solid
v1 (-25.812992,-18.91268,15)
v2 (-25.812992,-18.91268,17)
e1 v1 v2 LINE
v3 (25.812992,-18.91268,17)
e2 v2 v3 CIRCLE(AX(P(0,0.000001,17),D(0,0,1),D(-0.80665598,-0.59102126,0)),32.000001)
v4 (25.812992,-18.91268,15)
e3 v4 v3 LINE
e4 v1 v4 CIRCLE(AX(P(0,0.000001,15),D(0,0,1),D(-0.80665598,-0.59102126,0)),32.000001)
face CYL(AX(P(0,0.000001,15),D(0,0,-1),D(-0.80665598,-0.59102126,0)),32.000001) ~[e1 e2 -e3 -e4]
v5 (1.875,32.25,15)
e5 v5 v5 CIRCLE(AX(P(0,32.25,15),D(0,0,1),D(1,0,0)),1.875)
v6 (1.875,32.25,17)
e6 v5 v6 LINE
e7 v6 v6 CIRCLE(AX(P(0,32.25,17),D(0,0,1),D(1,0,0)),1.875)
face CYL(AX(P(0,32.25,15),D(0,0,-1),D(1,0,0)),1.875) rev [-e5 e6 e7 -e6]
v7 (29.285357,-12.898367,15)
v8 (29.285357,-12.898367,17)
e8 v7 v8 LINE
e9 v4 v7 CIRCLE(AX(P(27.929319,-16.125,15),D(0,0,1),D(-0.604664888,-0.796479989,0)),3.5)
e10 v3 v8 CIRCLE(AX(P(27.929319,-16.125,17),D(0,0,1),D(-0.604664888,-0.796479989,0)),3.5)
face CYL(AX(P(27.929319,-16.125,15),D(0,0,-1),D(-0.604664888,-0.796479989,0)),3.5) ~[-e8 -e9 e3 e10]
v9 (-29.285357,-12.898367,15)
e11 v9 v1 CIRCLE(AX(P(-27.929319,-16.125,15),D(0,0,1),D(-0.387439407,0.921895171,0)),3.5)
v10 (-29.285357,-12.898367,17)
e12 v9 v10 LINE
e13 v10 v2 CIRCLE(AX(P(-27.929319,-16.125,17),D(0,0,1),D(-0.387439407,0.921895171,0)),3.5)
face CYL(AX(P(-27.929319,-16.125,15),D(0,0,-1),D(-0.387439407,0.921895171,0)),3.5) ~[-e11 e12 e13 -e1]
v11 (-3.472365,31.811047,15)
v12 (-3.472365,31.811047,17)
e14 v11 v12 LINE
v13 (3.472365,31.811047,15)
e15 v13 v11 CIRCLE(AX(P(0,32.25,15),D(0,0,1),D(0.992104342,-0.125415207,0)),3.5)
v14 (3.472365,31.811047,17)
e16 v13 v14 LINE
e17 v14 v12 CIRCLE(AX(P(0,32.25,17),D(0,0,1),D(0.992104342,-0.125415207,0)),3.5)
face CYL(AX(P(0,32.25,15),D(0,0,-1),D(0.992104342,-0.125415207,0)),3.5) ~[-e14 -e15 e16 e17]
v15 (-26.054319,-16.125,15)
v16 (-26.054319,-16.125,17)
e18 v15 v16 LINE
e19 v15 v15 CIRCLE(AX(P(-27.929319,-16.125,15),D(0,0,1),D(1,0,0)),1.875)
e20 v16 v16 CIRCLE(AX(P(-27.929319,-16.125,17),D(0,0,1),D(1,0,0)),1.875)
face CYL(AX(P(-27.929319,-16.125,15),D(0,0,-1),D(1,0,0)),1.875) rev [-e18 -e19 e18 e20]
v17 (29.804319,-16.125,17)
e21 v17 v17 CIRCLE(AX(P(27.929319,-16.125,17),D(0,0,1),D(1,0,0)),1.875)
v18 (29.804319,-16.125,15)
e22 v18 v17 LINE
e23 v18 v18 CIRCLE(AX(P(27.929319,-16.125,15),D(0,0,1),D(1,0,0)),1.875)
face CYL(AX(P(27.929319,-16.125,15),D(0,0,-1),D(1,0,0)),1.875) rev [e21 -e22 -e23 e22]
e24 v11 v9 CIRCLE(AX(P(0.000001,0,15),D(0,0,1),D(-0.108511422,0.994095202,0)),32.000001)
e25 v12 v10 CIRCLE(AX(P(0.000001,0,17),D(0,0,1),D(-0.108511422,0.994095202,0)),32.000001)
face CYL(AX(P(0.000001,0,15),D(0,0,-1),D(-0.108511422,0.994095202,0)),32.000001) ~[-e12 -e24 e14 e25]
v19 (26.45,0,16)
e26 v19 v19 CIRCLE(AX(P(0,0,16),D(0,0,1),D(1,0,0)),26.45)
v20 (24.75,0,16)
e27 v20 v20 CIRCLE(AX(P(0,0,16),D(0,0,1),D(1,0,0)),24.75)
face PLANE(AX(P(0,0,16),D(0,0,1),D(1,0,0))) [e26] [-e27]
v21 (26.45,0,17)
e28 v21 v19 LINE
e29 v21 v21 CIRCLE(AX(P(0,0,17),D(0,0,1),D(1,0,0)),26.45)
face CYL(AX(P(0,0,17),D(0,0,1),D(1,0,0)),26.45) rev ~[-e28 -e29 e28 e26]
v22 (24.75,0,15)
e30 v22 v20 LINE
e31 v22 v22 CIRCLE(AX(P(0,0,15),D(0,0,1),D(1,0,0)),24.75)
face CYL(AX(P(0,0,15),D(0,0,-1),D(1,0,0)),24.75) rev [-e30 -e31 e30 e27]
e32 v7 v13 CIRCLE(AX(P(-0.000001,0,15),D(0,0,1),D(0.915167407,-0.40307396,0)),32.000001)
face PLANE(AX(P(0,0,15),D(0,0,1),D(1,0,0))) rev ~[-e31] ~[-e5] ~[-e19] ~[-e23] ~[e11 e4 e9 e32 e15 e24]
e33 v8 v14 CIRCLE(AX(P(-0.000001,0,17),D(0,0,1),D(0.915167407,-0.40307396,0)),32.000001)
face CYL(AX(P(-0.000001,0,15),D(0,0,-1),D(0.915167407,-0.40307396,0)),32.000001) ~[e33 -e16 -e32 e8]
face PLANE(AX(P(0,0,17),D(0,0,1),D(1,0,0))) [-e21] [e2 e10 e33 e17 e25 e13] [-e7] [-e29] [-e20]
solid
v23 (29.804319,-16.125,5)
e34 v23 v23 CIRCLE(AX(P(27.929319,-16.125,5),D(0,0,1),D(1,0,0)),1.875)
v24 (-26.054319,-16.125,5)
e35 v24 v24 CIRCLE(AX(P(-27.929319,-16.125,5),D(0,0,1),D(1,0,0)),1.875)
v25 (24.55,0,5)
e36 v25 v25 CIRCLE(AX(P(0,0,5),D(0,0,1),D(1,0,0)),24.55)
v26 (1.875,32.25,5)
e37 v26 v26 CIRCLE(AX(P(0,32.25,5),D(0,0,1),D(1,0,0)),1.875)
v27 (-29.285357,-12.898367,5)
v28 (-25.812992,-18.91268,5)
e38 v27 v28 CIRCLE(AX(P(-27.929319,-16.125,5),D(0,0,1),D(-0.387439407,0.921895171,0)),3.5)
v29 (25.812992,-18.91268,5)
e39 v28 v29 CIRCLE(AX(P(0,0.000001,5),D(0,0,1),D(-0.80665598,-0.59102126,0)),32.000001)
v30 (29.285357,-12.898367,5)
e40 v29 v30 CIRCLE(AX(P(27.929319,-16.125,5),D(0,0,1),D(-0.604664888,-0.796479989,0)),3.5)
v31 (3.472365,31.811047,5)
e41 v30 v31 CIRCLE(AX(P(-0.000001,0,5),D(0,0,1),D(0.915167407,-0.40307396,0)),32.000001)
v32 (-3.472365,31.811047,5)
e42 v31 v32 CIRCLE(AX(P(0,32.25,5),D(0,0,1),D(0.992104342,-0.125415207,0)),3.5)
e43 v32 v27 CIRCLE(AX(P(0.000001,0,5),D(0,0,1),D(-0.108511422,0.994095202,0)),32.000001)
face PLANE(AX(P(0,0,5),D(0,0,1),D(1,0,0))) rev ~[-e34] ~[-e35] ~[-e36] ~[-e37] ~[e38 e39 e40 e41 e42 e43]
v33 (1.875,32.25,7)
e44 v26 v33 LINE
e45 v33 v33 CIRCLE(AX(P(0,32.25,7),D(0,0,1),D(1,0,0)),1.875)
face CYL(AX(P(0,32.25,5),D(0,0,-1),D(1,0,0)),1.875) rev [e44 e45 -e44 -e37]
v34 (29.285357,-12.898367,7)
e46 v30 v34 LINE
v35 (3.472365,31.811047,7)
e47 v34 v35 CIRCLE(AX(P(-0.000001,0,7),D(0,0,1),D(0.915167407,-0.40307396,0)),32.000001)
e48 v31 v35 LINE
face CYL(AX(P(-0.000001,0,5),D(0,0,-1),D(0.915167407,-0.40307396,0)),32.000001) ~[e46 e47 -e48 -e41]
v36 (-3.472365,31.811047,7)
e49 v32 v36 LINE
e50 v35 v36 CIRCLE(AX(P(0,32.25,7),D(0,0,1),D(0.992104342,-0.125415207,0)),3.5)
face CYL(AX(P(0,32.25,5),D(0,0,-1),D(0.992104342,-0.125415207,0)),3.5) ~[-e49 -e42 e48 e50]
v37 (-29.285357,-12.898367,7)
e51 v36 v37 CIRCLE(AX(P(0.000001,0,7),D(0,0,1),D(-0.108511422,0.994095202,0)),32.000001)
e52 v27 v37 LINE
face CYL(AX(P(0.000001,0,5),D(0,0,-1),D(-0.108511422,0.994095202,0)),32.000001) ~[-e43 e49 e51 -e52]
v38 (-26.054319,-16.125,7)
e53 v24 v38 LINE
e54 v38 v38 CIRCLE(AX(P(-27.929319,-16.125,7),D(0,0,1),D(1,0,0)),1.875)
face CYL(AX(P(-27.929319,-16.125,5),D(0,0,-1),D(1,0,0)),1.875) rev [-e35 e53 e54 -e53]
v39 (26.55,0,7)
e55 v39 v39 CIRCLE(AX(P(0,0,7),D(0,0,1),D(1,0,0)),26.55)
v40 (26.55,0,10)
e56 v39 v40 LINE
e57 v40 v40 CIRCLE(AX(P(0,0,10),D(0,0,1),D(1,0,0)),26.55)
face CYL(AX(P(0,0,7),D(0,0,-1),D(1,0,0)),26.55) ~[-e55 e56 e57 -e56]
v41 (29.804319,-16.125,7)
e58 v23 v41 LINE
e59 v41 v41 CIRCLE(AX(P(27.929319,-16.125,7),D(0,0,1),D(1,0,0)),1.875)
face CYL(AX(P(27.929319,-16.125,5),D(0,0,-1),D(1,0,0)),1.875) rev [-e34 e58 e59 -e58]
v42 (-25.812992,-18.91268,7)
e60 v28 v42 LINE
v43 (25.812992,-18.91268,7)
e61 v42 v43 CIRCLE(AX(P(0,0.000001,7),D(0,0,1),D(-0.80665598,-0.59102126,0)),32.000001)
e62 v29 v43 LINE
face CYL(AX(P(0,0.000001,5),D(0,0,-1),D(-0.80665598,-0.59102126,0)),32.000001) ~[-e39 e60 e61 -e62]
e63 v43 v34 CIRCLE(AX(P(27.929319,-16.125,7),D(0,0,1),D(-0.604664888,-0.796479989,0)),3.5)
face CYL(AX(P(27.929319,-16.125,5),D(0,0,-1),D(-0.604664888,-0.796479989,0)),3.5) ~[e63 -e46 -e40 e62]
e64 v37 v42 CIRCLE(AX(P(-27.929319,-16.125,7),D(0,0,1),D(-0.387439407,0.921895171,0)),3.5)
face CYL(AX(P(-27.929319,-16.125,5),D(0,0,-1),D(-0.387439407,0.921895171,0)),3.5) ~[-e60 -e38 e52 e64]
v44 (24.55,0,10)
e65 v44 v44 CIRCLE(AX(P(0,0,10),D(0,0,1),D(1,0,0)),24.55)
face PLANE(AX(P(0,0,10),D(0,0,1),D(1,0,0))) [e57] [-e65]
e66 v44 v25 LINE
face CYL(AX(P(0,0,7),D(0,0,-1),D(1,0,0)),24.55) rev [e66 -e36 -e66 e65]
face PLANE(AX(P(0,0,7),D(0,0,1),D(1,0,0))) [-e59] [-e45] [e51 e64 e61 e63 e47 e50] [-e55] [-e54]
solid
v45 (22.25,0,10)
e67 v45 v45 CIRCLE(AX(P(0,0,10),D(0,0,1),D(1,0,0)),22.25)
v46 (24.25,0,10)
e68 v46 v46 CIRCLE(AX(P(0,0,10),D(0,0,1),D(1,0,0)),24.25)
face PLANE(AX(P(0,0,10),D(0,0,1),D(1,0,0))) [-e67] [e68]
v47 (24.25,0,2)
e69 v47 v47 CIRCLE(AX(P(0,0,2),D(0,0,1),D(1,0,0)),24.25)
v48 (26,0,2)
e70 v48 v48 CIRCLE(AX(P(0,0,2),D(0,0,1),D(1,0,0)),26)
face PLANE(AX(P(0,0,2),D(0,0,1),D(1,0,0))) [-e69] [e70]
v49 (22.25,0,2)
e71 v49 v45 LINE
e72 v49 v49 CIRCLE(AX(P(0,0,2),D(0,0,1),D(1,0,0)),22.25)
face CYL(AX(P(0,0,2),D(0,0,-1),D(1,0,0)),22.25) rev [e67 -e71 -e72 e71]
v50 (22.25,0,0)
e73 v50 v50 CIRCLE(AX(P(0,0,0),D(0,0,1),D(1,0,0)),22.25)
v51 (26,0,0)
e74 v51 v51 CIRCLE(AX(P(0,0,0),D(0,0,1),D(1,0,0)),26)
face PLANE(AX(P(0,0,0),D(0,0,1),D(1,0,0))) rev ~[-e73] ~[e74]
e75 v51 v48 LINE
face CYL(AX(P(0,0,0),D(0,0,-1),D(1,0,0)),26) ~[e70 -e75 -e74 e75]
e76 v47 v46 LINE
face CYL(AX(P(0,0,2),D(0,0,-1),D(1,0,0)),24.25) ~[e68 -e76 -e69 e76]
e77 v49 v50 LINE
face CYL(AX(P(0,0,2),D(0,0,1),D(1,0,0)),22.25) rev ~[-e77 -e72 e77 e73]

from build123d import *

# Parameters (mm, degrees)
F0_R      = 26
F1_DEPTH  = 2
F2_R      = 22.25
F3_DEPTH  = 25
F4_R      = 24.25
F4_R_2    = 22.25
F5_DEPTH  = 8
F7_R      = 1.875
F7_R_2    = 24.55
F8_DEPTH  = 2
F9_R      = 26.55
F9_R_2    = 24.55
F10_DEPTH = 3
F12_R     = 1.875
F12_R_2   = 24.75
F13_DEPTH = 2
F14_R     = 26.45
F14_R_2   = 24.75
F15_DEPTH = 1


with BuildPart() as f1:
    # F0 (on Top) → F1 (new body)
    with BuildSketch(Plane.XY):
        Circle(F0_R)
    extrude(amount=F1_DEPTH)

    # F2 (on face) → F3 (cut)
    with BuildSketch(Plane.XY.offset(2)):
        Circle(F2_R)
    extrude(amount=-F3_DEPTH, mode=Mode.SUBTRACT)

    # F4 (on face) → F5 (join)
    with BuildSketch(Plane.XY.offset(2)):
        Circle(F4_R)
        Circle(F4_R_2, mode=Mode.SUBTRACT)
    extrude(amount=F5_DEPTH)


with BuildPart() as f8:
    # F7 (on offset) → F8 (new body)
    with BuildSketch(Plane.XY.offset(5)):
        with BuildLine():
            ThreePointArc((-3.472365, 31.811047), (-27.712813, 16), (-29.285357, -12.898367))
            ThreePointArc((-29.285357, -12.898367), (-30.960408, -17.875), (-25.812992, -18.91268))
            ThreePointArc((-25.812992, -18.91268), (0, -32), (25.812992, -18.91268))
            ThreePointArc((25.812992, -18.91268), (30.960408, -17.875), (29.285357, -12.898367))
            ThreePointArc((29.285357, -12.898367), (27.712813, 16), (3.472365, 31.811047))
            ThreePointArc((3.472365, 31.811047), (0, 35.75), (-3.472365, 31.811047))
        make_face()
        with Locations((-27.929319, -16.125)):
            Circle(F7_R, mode=Mode.SUBTRACT)
        with Locations((27.929319, -16.125)):
            Circle(F7_R, mode=Mode.SUBTRACT)
        Circle(F7_R_2, mode=Mode.SUBTRACT)
        with Locations((0, 32.25)):
            Circle(F7_R, mode=Mode.SUBTRACT)
    extrude(amount=F8_DEPTH)

    # F9 (on face) → F10 (join)
    with BuildSketch(Plane.XY.offset(7)):
        Circle(F9_R)
        Circle(F9_R_2, mode=Mode.SUBTRACT)
    extrude(amount=F10_DEPTH)


with BuildPart() as f13:
    # F12 (on offset) → F13 (new body)
    with BuildSketch(Plane.XY.offset(15)):
        with BuildLine():
            ThreePointArc((-3.472365, 31.811047), (-27.712813, 16), (-29.285357, -12.898367))
            ThreePointArc((-29.285357, -12.898367), (-30.960408, -17.875), (-25.812992, -18.91268))
            ThreePointArc((-25.812992, -18.91268), (0, -32), (25.812992, -18.91268))
            ThreePointArc((25.812992, -18.91268), (30.960408, -17.875), (29.285357, -12.898367))
            ThreePointArc((29.285357, -12.898367), (27.712813, 16), (3.472365, 31.811047))
            ThreePointArc((3.472365, 31.811047), (0, 35.75), (-3.472365, 31.811047))
        make_face()
        with Locations((-27.929319, -16.125)):
            Circle(F12_R, mode=Mode.SUBTRACT)
        Circle(F12_R_2, mode=Mode.SUBTRACT)
        with Locations((27.929319, -16.125)):
            Circle(F12_R, mode=Mode.SUBTRACT)
        with Locations((0, 32.25)):
            Circle(F12_R, mode=Mode.SUBTRACT)
    extrude(amount=F13_DEPTH)

    # F14 (on face) → F15 (cut)
    with BuildSketch(Plane.XY.offset(17)):
        Circle(F14_R)
        Circle(F14_R_2, mode=Mode.SUBTRACT)
    extrude(amount=-F15_DEPTH, mode=Mode.SUBTRACT)


solid = Compound([f1.part, f8.part, f13.part])
